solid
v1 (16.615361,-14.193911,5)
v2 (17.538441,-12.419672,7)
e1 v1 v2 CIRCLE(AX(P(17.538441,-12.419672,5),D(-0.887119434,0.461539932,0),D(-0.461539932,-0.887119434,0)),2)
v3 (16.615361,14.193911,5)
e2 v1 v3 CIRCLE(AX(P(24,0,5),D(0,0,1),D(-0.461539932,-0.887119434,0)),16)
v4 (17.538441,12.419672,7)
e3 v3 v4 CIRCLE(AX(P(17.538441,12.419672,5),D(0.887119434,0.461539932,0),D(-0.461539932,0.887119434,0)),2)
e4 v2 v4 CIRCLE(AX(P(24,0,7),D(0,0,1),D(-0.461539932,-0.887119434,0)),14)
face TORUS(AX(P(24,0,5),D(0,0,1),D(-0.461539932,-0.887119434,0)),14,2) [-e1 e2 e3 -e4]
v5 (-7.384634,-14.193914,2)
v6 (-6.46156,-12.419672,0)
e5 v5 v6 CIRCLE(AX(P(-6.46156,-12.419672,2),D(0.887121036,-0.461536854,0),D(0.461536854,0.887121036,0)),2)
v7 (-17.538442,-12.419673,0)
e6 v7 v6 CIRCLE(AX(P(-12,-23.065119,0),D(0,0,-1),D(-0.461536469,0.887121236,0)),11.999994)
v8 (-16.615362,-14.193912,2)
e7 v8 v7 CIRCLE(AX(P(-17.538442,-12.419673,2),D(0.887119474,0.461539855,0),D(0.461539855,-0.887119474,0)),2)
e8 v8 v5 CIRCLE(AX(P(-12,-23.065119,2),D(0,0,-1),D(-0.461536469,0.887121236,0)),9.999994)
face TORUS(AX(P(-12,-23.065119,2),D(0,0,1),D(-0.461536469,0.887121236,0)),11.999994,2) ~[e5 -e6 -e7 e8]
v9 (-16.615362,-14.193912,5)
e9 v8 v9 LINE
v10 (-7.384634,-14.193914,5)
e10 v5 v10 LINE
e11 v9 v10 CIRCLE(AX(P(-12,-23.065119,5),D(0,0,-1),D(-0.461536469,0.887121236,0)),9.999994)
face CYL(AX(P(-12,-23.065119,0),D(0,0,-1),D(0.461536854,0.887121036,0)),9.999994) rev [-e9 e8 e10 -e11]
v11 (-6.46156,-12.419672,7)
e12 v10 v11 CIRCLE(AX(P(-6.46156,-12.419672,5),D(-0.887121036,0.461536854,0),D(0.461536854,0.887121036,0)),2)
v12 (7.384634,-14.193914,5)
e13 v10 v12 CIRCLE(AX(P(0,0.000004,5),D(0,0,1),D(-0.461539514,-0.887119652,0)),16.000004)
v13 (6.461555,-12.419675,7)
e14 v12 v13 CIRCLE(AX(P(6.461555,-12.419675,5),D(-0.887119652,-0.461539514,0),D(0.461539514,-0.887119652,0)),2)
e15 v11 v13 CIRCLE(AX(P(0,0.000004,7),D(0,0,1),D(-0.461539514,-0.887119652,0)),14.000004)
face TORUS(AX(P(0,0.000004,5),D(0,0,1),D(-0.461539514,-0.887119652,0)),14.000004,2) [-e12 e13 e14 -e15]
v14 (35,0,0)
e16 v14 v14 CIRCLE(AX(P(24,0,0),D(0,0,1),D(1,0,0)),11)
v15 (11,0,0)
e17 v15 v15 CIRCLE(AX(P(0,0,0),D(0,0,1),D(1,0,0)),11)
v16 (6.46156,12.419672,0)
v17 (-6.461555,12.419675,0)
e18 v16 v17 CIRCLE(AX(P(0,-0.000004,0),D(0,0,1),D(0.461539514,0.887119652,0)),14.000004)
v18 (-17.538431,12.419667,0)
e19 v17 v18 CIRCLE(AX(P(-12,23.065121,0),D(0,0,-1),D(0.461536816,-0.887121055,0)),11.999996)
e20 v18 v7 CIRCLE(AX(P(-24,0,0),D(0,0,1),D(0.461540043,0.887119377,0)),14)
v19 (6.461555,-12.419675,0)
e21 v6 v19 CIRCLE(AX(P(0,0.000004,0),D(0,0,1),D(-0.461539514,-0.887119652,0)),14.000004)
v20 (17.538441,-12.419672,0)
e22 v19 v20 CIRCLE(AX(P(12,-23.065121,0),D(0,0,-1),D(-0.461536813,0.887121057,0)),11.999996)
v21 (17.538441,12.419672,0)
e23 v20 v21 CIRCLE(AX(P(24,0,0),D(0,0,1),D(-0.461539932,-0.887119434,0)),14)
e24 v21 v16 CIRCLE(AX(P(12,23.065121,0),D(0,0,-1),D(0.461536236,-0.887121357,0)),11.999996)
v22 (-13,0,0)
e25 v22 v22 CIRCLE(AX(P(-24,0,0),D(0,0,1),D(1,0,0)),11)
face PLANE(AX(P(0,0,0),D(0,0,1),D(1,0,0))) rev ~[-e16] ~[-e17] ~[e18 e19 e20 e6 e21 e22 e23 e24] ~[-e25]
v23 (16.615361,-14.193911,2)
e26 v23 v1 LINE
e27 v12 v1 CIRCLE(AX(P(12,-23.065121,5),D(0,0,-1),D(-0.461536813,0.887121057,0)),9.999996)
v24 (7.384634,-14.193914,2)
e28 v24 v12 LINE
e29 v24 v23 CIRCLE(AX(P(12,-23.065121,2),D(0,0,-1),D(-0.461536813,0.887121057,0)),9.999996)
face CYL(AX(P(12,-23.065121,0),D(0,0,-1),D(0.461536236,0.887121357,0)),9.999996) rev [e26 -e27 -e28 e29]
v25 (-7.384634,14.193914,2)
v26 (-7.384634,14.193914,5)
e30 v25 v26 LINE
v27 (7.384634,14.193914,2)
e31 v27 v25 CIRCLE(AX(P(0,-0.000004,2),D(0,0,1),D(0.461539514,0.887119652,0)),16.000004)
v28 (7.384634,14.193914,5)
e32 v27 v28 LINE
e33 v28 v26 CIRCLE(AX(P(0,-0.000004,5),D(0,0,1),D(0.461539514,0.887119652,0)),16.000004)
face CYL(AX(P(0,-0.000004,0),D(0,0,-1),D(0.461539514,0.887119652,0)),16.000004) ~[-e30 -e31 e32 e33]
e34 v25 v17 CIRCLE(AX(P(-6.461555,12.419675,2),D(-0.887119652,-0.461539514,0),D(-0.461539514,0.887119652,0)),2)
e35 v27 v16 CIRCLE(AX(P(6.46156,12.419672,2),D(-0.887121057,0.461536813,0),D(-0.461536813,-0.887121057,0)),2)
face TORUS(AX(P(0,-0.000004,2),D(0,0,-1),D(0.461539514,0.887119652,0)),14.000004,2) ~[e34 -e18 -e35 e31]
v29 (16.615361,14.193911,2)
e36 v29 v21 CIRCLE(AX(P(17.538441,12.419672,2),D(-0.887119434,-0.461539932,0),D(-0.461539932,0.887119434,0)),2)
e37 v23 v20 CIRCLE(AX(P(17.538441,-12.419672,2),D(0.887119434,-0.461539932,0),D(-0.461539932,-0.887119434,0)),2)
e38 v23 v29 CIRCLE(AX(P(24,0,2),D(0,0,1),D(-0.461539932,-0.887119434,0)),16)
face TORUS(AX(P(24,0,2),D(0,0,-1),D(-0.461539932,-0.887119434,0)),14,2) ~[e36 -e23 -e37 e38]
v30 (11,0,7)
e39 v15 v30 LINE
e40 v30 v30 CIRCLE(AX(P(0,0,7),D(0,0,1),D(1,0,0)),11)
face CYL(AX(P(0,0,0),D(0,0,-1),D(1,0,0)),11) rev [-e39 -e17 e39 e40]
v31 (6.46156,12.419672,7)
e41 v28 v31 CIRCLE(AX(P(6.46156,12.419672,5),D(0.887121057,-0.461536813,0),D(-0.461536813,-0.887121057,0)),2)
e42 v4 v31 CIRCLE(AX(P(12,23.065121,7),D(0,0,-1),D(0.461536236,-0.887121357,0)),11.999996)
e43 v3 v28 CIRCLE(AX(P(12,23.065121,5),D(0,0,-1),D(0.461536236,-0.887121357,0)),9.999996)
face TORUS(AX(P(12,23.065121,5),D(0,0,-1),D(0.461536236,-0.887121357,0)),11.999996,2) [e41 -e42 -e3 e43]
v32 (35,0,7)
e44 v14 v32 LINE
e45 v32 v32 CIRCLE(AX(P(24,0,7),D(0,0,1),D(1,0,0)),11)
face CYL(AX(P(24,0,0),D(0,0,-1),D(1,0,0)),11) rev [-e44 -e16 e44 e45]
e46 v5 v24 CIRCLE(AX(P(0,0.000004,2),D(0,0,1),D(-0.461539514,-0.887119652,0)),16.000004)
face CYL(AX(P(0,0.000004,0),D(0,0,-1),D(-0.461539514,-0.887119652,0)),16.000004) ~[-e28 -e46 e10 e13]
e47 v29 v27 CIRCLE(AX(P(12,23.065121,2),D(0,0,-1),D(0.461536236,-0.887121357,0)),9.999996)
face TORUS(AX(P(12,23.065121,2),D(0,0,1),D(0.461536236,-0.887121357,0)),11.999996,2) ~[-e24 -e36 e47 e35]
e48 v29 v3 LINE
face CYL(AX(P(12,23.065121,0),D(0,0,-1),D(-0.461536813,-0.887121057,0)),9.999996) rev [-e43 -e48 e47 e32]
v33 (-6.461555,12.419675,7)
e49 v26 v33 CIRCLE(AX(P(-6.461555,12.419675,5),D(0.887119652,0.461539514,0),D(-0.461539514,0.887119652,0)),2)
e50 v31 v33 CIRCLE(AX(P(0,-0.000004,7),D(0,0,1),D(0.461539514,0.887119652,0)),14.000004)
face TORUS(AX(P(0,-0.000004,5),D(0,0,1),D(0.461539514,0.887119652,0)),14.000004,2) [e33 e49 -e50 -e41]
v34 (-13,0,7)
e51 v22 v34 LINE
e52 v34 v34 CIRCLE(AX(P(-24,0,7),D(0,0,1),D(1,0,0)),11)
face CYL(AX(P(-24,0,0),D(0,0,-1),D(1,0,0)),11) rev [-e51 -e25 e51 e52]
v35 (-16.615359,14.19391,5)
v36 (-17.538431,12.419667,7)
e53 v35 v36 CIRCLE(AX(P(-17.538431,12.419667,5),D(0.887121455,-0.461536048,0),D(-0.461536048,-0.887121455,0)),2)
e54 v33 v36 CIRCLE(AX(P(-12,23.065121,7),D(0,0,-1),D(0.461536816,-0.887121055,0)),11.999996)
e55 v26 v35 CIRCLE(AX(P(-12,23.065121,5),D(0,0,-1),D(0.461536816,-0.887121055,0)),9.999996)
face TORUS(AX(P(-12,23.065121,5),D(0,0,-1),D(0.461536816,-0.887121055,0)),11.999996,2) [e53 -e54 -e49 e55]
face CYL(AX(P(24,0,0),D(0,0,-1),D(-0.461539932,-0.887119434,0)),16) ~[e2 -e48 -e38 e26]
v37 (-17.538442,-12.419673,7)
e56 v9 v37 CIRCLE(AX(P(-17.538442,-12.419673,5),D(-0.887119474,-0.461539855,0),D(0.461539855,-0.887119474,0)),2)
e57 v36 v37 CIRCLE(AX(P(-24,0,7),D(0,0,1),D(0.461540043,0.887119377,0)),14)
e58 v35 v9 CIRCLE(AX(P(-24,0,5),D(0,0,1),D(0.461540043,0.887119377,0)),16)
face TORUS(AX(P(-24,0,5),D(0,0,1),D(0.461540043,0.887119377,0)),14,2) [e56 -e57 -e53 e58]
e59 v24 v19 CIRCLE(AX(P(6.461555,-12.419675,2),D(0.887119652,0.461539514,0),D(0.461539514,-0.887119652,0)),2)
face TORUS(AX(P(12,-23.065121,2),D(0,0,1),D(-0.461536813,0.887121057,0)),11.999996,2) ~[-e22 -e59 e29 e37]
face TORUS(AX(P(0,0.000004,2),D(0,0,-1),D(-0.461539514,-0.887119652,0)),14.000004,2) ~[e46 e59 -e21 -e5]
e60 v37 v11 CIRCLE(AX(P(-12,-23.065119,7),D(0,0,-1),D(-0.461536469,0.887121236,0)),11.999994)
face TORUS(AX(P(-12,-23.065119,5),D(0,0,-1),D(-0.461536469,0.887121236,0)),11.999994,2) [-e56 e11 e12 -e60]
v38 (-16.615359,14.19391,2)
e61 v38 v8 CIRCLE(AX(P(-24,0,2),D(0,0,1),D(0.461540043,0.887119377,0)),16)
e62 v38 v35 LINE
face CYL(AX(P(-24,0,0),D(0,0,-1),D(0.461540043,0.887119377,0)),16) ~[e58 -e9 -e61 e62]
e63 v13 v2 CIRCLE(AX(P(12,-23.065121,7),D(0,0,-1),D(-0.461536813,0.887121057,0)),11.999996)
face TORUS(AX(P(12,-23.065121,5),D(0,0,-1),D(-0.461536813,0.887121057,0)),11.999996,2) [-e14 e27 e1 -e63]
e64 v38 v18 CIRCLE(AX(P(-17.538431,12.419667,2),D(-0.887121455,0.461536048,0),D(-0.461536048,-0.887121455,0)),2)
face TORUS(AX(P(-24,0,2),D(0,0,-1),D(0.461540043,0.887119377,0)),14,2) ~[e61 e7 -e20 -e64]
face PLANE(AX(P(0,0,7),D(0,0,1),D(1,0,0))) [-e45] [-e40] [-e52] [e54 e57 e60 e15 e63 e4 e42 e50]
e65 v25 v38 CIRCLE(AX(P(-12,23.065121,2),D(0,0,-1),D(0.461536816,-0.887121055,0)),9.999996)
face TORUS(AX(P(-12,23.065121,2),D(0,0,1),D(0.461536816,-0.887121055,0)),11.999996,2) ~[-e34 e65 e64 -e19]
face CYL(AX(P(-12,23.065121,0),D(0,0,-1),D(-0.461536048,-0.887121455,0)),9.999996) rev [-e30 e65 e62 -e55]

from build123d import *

# Parameters (mm, degrees)
SKETCH_R  = 11
PAD_DEPTH = 7
FILLET_R  = 2


with BuildPart() as part:
    # Sketch → Pad (new body)
    with BuildSketch(Plane.XY):
        with BuildLine():
            ThreePointArc((-7.384634, -14.193914), (0, -16), (7.384634, -14.193914))
            ThreePointArc((16.615361, -14.193911), (11.999997, -13.065125), (7.384634, -14.193914))
            ThreePointArc((16.615361, -14.193911), (40, 0), (16.615361, 14.193911))
            ThreePointArc((7.384634, 14.193914), (11.999997, 13.065125), (16.615361, 14.193911))
            ThreePointArc((7.384634, 14.193914), (0, 16), (-7.384634, 14.193914))
            ThreePointArc((-16.615359, 14.19391), (-11.999996, 13.065125), (-7.384634, 14.193914))
            ThreePointArc((-16.615359, 14.19391), (-40, 2e-06), (-16.615362, -14.193912))
            ThreePointArc((-7.384634, -14.193914), (-11.999998, -13.065125), (-16.615362, -14.193912))
        make_face()
        with Locations((-24, 0)):
            Circle(SKETCH_R, mode=Mode.SUBTRACT)
        Circle(SKETCH_R, mode=Mode.SUBTRACT)
        with Locations((24, 0)):
            Circle(SKETCH_R, mode=Mode.SUBTRACT)
    extrude(amount=PAD_DEPTH)

    # Fillet
    fillet_edges = [part.edges().sort_by_distance(p)[0] for p in [
        (40, 0, 0),
        (40, 0, 7),
    ]]
    fillet(fillet_edges, radius=FILLET_R)


solid = part.part
